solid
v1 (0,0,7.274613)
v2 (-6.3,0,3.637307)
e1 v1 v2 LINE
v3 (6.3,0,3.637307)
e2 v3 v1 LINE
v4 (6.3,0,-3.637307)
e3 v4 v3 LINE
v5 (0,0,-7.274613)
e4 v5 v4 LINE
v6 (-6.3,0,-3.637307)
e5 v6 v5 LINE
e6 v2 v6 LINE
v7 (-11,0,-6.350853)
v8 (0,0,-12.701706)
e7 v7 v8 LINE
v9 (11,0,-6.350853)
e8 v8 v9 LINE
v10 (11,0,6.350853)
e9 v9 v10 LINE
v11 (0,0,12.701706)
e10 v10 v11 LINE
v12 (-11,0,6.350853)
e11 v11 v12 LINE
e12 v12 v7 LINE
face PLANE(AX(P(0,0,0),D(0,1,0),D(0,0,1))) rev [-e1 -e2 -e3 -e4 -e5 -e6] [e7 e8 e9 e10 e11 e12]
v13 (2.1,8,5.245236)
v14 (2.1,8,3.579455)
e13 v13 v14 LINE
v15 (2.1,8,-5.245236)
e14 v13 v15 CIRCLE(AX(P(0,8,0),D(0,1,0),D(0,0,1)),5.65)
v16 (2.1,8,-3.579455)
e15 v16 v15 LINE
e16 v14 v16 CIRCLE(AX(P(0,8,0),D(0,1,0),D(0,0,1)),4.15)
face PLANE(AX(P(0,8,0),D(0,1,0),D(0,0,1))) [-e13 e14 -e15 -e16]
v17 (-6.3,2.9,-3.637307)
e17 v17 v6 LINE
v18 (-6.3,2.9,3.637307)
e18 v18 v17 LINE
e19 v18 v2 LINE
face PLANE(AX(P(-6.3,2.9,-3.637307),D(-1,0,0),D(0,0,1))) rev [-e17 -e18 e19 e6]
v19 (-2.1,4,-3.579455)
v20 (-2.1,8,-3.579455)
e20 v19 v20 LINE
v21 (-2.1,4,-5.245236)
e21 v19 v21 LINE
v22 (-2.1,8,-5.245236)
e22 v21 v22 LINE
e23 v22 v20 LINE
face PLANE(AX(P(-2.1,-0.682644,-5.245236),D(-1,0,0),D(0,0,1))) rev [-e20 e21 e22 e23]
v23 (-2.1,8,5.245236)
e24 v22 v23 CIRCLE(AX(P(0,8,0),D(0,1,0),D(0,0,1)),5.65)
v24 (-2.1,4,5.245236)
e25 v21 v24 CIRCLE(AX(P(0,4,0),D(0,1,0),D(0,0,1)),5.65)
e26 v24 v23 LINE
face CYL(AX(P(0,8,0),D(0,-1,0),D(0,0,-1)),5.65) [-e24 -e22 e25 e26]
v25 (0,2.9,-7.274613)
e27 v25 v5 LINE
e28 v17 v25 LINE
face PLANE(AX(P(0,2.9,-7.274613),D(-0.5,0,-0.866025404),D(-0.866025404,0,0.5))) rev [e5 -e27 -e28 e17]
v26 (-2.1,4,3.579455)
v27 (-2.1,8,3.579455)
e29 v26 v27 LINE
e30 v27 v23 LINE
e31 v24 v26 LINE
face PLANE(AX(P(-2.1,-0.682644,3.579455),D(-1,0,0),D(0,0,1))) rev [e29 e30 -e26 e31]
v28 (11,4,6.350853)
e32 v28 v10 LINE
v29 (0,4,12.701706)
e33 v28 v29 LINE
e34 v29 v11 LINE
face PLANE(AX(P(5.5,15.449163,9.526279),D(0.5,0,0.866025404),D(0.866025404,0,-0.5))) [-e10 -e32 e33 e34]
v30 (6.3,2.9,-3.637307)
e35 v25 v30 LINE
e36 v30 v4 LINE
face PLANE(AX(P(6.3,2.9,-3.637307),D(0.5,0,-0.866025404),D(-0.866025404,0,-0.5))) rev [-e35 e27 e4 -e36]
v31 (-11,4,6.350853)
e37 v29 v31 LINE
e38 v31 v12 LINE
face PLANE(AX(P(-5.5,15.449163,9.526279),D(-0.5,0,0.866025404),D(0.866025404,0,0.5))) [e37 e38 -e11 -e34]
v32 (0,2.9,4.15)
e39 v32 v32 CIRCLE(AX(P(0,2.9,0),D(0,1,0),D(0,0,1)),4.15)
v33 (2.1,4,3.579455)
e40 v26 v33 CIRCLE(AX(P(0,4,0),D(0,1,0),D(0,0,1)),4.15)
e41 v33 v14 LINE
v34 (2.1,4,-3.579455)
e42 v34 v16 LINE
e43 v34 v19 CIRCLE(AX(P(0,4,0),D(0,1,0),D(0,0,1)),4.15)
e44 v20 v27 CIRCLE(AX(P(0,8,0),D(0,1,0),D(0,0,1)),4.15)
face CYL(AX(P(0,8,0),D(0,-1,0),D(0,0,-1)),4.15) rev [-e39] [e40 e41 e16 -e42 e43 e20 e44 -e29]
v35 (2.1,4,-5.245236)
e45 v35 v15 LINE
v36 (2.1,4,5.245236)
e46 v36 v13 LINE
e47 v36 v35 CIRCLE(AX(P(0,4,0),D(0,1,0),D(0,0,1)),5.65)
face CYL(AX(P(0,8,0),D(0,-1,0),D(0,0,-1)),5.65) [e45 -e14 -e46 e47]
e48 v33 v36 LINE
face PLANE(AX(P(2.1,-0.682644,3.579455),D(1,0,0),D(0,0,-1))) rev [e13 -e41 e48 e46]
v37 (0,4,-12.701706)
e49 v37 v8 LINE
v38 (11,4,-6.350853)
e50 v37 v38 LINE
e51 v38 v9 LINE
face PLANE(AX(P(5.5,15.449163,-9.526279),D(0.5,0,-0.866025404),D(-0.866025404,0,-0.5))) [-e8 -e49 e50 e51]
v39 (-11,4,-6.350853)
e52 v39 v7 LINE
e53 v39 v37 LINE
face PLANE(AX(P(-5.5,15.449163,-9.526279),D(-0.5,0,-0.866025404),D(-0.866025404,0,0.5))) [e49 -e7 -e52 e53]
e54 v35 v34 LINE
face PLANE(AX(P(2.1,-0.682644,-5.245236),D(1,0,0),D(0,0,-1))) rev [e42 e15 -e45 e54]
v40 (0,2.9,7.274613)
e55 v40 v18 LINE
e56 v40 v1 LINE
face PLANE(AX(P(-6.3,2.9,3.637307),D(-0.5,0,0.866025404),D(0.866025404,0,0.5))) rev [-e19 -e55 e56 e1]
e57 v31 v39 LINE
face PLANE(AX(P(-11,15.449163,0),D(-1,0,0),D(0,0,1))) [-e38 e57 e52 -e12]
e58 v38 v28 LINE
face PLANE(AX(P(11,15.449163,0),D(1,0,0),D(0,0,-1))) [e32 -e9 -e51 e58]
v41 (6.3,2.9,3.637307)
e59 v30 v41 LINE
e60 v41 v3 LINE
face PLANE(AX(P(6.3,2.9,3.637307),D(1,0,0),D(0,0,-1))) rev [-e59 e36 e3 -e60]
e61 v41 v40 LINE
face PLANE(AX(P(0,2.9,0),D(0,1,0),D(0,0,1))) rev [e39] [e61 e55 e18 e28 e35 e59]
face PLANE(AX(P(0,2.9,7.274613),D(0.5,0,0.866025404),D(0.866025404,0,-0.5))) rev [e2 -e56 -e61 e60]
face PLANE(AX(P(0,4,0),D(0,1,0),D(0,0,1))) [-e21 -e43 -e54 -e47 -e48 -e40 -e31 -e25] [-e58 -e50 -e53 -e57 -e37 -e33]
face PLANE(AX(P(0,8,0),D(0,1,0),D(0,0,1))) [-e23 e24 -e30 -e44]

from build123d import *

# Parameters (mm, degrees)
SKETCH_1_R          = 5.65
SKETCH_1_R_2        = 4.15
EXTRUDE_1_DEPTH     = 8
SKETCH_1_3_R        = 11
SKETCH_1_3_R_2      = 5.65
EXTRUDE_2_DEPTH     = 4
CUT_EXTRUDE_1_DEPTH = 2.9
CUT_EXTRUDE_START   = -4
CUT_EXTRUDE_3_DEPTH = 4
EXTRUDE_4_DEPTH     = 4


with BuildPart() as part:
    # 草图1 → 凸台-拉伸1 (new body)
    with BuildSketch(Plane(origin=(0, 0, 0), x_dir=(1, 0, 0), z_dir=(0, 1, 0))):
        with Locations(Location((0, 0, 0), (0, 0, 270))):
            Circle(SKETCH_1_R)
        with Locations(Location((0, 0, 0), (0, 0, 270))):
            Circle(SKETCH_1_R_2, mode=Mode.SUBTRACT)
    extrude(amount=EXTRUDE_1_DEPTH)

    # 草图1<3> → 凸台-拉伸2 (add)
    with BuildSketch(Plane(origin=(0, 0, 0), x_dir=(1, 0, 0), z_dir=(0, 1, 0))):
        with Locations(Location((0, 0, 0), (0, 0, 270))):
            Circle(SKETCH_1_3_R)
        with Locations(Location((0, 0, 0), (0, 0, 270))):
            Circle(SKETCH_1_3_R_2, mode=Mode.SUBTRACT)
    extrude(amount=EXTRUDE_2_DEPTH)

    # 草图2 → 切除-拉伸1 (cut)
    with BuildSketch(Plane.XZ):
        Polygon((0, -7.274613392), (-6.3, -3.637306696), (-6.3, 3.637306696), (0, 7.274613392), (6.3, 3.637306696), (6.3, -3.637306696), align=None)
    extrude(amount=-CUT_EXTRUDE_1_DEPTH, mode=Mode.SUBTRACT)

    # 草图4 → 切除-拉伸3 (cut)
    with BuildSketch(Plane(origin=(0, 8, 0), x_dir=(1, 0, 0), z_dir=(0, 1, 0)).offset(CUT_EXTRUDE_START)):
        with BuildLine():
            Line((-2.1, 5.245235934), (-2.1, 3.579455266))
            ThreePointArc((-2.1, 3.579455266), (0, 4.15), (2.1, 3.579455266))
            Line((2.1, 3.579455266), (2.1, 5.245235934))
            ThreePointArc((2.1, 5.245235934), (0, 5.65), (-2.1, 5.245235934))
        make_face()
        with BuildLine():
            Line((2.1, -3.579455266), (2.1, -5.245235934))
            ThreePointArc((2.1, -5.245235934), (0, -5.65), (-2.1, -5.245235934))
            Line((-2.1, -5.245235934), (-2.1, -3.579455266))
            ThreePointArc((-2.1, -3.579455266), (0, -4.15), (2.1, -3.579455266))
        make_face()
    extrude(amount=CUT_EXTRUDE_3_DEPTH, mode=Mode.SUBTRACT)

    # 草图6 → 凸台-拉伸4 (add)
    with BuildSketch(Plane.XZ):
        with BuildLine():
            Line((5.500000491, -9.526279158), (11, -6.350852961))
            Line((11, -6.350852961), (11, 0))
            ThreePointArc((11, 0), (9.526279583, -5.499999755), (5.500000491, -9.526279158))
        make_face()
        with BuildLine():
            Line((0, -12.701705922), (5.500000491, -9.526279158))
            ThreePointArc((5.500000491, -9.526279158), (2.1e-08, -11), (-5.500000453, -9.52627918))
            Line((-5.500000453, -9.52627918), (0, -12.701705922))
        make_face()
        with BuildLine():
            Line((-11, -6.350852961), (-5.500000453, -9.52627918))
            ThreePointArc((-5.500000453, -9.52627918), (-9.526279573, -5.499999773), (-11, 0))
            Line((-11, 0), (-11, -6.350852961))
        make_face()
        with BuildLine():
            ThreePointArc((-11, 0), (-9.526279572, 5.499999775), (-5.50000045, 9.526279182))
            Line((-5.50000045, 9.526279182), (-11, 6.350852961))
            Line((-11, 6.350852961), (-11, 0))
        make_face()
        with BuildLine():
            ThreePointArc((-5.50000045, 9.526279182), (9.6e-08, 11), (5.500000616, 9.526279086))
            Line((5.500000616, 9.526279086), (0, 12.701705922))
            Line((0, 12.701705922), (-5.50000045, 9.526279182))
        make_face()
        with BuildLine():
            ThreePointArc((5.500000616, 9.526279086), (9.526279619, 5.499999692), (11, 0))
            Line((11, 0), (11, 6.350852961))
            Line((11, 6.350852961), (5.500000616, 9.526279086))
        make_face()
    extrude(amount=-EXTRUDE_4_DEPTH)


solid = part.part
